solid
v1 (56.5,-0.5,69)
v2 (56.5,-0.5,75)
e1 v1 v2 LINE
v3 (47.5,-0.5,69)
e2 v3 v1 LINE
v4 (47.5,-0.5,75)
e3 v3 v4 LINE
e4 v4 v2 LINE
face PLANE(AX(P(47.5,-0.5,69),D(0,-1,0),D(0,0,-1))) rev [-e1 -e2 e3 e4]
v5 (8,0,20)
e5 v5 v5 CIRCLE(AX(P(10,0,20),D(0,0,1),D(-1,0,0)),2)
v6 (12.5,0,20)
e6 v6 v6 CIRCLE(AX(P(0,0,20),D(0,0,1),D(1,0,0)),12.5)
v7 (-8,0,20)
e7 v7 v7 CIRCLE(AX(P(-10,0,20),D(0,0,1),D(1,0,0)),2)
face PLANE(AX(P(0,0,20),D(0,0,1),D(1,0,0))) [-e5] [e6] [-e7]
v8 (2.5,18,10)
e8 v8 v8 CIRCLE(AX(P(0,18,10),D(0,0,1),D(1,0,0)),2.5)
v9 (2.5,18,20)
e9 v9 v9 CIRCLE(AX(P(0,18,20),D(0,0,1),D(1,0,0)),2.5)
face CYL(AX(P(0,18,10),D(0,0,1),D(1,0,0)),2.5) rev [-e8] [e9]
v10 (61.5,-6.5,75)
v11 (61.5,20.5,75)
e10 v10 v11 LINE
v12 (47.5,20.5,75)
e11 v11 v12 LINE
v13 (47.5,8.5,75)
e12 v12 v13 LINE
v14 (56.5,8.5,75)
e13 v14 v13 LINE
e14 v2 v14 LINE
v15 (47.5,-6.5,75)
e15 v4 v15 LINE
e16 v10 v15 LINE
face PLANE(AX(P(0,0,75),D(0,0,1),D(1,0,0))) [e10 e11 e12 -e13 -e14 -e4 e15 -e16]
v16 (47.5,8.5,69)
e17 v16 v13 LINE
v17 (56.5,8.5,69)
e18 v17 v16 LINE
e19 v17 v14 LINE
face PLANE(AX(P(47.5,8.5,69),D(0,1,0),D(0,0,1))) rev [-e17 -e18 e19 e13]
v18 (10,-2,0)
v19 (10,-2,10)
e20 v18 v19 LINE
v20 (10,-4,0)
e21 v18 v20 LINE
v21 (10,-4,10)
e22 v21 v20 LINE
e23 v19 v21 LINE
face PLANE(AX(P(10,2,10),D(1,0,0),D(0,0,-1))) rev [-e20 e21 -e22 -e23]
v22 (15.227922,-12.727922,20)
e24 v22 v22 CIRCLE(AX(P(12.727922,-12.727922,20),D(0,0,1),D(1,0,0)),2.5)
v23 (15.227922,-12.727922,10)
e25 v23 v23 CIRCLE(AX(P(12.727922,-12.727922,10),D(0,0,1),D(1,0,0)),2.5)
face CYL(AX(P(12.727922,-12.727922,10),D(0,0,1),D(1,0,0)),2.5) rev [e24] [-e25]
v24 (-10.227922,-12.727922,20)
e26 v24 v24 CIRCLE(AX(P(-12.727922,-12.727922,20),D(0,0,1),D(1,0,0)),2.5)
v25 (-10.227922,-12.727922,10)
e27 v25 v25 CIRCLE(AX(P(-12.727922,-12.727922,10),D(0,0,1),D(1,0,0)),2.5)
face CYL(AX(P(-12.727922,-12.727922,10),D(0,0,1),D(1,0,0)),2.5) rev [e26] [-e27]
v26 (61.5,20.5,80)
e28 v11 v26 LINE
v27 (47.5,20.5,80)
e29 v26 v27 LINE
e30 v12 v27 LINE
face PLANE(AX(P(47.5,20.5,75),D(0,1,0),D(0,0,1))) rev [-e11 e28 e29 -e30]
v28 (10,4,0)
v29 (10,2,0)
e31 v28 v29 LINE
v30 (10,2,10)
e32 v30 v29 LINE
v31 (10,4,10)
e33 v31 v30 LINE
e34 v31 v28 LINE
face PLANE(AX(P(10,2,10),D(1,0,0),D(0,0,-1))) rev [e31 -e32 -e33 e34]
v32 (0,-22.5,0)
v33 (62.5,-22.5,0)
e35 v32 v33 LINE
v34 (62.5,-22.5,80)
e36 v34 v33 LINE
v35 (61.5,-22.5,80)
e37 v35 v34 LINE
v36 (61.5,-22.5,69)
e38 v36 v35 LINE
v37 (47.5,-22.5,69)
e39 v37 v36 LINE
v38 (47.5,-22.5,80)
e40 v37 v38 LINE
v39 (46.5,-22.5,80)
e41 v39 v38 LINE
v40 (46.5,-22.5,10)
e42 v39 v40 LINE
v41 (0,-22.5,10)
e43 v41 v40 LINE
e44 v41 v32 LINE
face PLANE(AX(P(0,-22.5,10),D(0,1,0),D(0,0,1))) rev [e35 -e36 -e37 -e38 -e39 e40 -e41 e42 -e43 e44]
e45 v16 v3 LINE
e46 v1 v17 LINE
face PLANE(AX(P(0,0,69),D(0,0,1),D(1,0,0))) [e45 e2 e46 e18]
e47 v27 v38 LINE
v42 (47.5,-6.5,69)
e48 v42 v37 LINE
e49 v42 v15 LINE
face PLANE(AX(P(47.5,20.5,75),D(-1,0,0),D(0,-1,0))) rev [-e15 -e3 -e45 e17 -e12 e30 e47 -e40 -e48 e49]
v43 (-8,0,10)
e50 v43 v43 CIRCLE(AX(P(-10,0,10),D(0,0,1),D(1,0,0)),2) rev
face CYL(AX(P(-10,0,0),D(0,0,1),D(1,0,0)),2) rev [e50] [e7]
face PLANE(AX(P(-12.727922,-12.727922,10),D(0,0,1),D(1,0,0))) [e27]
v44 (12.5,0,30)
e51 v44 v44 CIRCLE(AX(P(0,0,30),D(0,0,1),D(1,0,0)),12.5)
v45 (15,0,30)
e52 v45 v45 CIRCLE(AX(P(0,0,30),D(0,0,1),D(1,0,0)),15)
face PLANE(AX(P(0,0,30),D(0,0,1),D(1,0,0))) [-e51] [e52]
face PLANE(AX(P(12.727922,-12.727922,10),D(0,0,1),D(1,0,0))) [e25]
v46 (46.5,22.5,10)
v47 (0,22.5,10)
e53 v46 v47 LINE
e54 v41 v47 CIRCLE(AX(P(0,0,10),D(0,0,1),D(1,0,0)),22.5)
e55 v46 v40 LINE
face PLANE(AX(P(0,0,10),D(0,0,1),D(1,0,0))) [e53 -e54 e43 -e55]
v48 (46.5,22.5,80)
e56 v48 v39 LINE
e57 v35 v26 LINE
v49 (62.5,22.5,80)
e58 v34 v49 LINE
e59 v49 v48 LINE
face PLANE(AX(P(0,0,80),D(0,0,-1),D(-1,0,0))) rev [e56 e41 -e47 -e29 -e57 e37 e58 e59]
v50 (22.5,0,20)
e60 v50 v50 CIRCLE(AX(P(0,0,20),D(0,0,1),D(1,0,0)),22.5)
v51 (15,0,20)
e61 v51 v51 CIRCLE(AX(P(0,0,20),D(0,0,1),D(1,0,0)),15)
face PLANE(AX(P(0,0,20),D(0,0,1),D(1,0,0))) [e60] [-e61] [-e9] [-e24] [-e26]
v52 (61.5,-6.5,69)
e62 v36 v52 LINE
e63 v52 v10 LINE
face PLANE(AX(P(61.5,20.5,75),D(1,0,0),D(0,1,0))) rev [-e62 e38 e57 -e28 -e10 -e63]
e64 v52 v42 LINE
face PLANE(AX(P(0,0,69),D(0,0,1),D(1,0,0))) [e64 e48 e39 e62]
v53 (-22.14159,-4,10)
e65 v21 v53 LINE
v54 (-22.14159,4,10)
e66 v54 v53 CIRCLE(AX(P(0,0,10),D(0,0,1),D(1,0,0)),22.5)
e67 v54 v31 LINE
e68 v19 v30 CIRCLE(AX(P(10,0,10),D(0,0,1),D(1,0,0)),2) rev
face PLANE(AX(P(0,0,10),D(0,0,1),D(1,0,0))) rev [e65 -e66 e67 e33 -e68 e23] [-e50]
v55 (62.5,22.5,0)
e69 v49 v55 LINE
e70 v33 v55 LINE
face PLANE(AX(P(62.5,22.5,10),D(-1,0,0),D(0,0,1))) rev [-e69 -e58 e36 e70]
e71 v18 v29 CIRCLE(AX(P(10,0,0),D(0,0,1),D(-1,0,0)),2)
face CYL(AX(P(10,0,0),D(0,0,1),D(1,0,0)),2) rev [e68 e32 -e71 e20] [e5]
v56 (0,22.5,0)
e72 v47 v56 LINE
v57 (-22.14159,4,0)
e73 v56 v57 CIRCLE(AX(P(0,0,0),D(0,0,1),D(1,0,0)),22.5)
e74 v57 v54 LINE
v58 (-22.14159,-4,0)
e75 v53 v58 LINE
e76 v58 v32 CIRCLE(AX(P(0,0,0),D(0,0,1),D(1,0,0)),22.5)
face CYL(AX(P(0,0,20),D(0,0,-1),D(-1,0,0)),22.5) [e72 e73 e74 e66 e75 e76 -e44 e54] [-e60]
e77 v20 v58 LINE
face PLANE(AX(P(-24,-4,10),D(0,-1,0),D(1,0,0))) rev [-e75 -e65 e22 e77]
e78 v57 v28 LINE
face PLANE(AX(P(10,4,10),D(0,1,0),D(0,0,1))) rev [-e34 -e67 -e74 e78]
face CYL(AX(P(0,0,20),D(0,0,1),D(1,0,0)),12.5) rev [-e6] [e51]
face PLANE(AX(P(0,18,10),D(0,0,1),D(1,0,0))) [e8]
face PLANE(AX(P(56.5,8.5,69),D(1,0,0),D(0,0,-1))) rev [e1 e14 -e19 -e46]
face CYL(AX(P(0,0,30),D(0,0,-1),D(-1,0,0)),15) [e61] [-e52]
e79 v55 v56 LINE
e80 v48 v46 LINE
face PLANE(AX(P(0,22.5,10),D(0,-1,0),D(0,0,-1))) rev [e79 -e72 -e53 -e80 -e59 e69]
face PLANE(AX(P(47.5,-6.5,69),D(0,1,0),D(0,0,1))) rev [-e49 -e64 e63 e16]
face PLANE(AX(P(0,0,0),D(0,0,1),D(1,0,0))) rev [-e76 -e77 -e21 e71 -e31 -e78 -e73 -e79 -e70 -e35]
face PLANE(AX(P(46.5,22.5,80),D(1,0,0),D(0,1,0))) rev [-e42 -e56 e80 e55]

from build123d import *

# Parameters (mm, degrees)
SKETCH1_R           = 22.5
BOSS_EXTRUDE1_DEPTH = 20
SKETCH11_W          = 62.5
SKETCH11_H          = 45
BOSS_EXTRUDE4_DEPTH = 10
SKETCH6_R           = 15
BOSS_EXTRUDE2_DEPTH = 10
SKETCH7_R           = 12.5
CUT_EXTRUDE1_DEPTH  = 10
SKETCH8_R           = 2
CUT_EXTRUDE3_DEPTH  = 70.372184628
SKETCH9_R           = 2.5
CUT_EXTRUDE4_DEPTH  = 10
SKETCH12_W          = 16
SKETCH12_H          = 45
BOSS_EXTRUDE5_DEPTH = 70
SKETCH13_W          = 14
SKETCH13_H          = 43
CUT_EXTRUDE5_DEPTH  = 5
SKETCH14_W          = 9
SKETCH14_H          = 9
SKETCH14_W_2        = 14
SKETCH14_H_2        = 16
CUT_EXTRUDE6_DEPTH  = 6
CUT_EXTRUDE7_DEPTH  = 10


with BuildPart() as part:
    # Sketch1 → Boss-Extrude1 (new body)
    with BuildSketch(Plane.XY):
        Circle(SKETCH1_R)
    extrude(amount=BOSS_EXTRUDE1_DEPTH)

    # Sketch11 → Boss-Extrude4 (add)
    with BuildSketch(Plane.XY):
        with Locations((31.25, 0)):
            Rectangle(SKETCH11_W, SKETCH11_H)
    extrude(amount=BOSS_EXTRUDE4_DEPTH)

    # Sketch6 → Boss-Extrude2 (add)
    with BuildSketch(Plane.XY.offset(20)):
        Circle(SKETCH6_R)
    extrude(amount=BOSS_EXTRUDE2_DEPTH)

    # Sketch7 → Cut-Extrude1 (cut)
    with BuildSketch(Plane.XY.offset(30)):
        Circle(SKETCH7_R)
    extrude(amount=-CUT_EXTRUDE1_DEPTH, mode=Mode.SUBTRACT)

    # Sketch8 → Cut-Extrude3 (cut, through all)
    with BuildSketch(Plane.XY.offset(20)):
        with Locations((-10, 0)):
            Circle(SKETCH8_R)
        with Locations((10, 0)):
            Circle(SKETCH8_R)
    extrude(amount=-CUT_EXTRUDE3_DEPTH, mode=Mode.SUBTRACT)

    # Sketch9 → Cut-Extrude4 (cut)
    with BuildSketch(Plane.XY.offset(20)):
        with Locations((0, 18)):
            Circle(SKETCH9_R)
        with Locations((-12.727922061, -12.727922061)):
            Circle(SKETCH9_R)
        with Locations((12.727922061, -12.727922061)):
            Circle(SKETCH9_R)
    extrude(amount=-CUT_EXTRUDE4_DEPTH, mode=Mode.SUBTRACT)

    # Sketch12 → Boss-Extrude5 (add)
    with BuildSketch(Plane.XY.offset(10)):
        with Locations((54.5, 0)):
            Rectangle(SKETCH12_W, SKETCH12_H)
    extrude(amount=BOSS_EXTRUDE5_DEPTH)

    # Sketch13 → Cut-Extrude5 (cut)
    with BuildSketch(Plane.XY.offset(80)):
        with Locations((54.5, -1)):
            Rectangle(SKETCH13_W, SKETCH13_H)
    extrude(amount=-CUT_EXTRUDE5_DEPTH, mode=Mode.SUBTRACT)

    # Sketch14 → Cut-Extrude6 (cut)
    with BuildSketch(Plane.XY.offset(75)):
        with Locations((52, 4)):
            Rectangle(SKETCH14_W, SKETCH14_H)
        with Locations((54.5, -14.5)):
            Rectangle(SKETCH14_W_2, SKETCH14_H_2)
    extrude(amount=-CUT_EXTRUDE6_DEPTH, mode=Mode.SUBTRACT)

    # Sketch17 → Cut-Extrude7 (cut)
    with BuildSketch(Plane(origin=(0, 0, 0), x_dir=(-1, 0, 0), z_dir=(0, 0, -1))):
        Polygon((-10, 2), (-10, 4), (24, 4), (24, -4), (-10, -4), (-10, -2), align=None)
    extrude(amount=-CUT_EXTRUDE7_DEPTH, mode=Mode.SUBTRACT)


solid = part.part
